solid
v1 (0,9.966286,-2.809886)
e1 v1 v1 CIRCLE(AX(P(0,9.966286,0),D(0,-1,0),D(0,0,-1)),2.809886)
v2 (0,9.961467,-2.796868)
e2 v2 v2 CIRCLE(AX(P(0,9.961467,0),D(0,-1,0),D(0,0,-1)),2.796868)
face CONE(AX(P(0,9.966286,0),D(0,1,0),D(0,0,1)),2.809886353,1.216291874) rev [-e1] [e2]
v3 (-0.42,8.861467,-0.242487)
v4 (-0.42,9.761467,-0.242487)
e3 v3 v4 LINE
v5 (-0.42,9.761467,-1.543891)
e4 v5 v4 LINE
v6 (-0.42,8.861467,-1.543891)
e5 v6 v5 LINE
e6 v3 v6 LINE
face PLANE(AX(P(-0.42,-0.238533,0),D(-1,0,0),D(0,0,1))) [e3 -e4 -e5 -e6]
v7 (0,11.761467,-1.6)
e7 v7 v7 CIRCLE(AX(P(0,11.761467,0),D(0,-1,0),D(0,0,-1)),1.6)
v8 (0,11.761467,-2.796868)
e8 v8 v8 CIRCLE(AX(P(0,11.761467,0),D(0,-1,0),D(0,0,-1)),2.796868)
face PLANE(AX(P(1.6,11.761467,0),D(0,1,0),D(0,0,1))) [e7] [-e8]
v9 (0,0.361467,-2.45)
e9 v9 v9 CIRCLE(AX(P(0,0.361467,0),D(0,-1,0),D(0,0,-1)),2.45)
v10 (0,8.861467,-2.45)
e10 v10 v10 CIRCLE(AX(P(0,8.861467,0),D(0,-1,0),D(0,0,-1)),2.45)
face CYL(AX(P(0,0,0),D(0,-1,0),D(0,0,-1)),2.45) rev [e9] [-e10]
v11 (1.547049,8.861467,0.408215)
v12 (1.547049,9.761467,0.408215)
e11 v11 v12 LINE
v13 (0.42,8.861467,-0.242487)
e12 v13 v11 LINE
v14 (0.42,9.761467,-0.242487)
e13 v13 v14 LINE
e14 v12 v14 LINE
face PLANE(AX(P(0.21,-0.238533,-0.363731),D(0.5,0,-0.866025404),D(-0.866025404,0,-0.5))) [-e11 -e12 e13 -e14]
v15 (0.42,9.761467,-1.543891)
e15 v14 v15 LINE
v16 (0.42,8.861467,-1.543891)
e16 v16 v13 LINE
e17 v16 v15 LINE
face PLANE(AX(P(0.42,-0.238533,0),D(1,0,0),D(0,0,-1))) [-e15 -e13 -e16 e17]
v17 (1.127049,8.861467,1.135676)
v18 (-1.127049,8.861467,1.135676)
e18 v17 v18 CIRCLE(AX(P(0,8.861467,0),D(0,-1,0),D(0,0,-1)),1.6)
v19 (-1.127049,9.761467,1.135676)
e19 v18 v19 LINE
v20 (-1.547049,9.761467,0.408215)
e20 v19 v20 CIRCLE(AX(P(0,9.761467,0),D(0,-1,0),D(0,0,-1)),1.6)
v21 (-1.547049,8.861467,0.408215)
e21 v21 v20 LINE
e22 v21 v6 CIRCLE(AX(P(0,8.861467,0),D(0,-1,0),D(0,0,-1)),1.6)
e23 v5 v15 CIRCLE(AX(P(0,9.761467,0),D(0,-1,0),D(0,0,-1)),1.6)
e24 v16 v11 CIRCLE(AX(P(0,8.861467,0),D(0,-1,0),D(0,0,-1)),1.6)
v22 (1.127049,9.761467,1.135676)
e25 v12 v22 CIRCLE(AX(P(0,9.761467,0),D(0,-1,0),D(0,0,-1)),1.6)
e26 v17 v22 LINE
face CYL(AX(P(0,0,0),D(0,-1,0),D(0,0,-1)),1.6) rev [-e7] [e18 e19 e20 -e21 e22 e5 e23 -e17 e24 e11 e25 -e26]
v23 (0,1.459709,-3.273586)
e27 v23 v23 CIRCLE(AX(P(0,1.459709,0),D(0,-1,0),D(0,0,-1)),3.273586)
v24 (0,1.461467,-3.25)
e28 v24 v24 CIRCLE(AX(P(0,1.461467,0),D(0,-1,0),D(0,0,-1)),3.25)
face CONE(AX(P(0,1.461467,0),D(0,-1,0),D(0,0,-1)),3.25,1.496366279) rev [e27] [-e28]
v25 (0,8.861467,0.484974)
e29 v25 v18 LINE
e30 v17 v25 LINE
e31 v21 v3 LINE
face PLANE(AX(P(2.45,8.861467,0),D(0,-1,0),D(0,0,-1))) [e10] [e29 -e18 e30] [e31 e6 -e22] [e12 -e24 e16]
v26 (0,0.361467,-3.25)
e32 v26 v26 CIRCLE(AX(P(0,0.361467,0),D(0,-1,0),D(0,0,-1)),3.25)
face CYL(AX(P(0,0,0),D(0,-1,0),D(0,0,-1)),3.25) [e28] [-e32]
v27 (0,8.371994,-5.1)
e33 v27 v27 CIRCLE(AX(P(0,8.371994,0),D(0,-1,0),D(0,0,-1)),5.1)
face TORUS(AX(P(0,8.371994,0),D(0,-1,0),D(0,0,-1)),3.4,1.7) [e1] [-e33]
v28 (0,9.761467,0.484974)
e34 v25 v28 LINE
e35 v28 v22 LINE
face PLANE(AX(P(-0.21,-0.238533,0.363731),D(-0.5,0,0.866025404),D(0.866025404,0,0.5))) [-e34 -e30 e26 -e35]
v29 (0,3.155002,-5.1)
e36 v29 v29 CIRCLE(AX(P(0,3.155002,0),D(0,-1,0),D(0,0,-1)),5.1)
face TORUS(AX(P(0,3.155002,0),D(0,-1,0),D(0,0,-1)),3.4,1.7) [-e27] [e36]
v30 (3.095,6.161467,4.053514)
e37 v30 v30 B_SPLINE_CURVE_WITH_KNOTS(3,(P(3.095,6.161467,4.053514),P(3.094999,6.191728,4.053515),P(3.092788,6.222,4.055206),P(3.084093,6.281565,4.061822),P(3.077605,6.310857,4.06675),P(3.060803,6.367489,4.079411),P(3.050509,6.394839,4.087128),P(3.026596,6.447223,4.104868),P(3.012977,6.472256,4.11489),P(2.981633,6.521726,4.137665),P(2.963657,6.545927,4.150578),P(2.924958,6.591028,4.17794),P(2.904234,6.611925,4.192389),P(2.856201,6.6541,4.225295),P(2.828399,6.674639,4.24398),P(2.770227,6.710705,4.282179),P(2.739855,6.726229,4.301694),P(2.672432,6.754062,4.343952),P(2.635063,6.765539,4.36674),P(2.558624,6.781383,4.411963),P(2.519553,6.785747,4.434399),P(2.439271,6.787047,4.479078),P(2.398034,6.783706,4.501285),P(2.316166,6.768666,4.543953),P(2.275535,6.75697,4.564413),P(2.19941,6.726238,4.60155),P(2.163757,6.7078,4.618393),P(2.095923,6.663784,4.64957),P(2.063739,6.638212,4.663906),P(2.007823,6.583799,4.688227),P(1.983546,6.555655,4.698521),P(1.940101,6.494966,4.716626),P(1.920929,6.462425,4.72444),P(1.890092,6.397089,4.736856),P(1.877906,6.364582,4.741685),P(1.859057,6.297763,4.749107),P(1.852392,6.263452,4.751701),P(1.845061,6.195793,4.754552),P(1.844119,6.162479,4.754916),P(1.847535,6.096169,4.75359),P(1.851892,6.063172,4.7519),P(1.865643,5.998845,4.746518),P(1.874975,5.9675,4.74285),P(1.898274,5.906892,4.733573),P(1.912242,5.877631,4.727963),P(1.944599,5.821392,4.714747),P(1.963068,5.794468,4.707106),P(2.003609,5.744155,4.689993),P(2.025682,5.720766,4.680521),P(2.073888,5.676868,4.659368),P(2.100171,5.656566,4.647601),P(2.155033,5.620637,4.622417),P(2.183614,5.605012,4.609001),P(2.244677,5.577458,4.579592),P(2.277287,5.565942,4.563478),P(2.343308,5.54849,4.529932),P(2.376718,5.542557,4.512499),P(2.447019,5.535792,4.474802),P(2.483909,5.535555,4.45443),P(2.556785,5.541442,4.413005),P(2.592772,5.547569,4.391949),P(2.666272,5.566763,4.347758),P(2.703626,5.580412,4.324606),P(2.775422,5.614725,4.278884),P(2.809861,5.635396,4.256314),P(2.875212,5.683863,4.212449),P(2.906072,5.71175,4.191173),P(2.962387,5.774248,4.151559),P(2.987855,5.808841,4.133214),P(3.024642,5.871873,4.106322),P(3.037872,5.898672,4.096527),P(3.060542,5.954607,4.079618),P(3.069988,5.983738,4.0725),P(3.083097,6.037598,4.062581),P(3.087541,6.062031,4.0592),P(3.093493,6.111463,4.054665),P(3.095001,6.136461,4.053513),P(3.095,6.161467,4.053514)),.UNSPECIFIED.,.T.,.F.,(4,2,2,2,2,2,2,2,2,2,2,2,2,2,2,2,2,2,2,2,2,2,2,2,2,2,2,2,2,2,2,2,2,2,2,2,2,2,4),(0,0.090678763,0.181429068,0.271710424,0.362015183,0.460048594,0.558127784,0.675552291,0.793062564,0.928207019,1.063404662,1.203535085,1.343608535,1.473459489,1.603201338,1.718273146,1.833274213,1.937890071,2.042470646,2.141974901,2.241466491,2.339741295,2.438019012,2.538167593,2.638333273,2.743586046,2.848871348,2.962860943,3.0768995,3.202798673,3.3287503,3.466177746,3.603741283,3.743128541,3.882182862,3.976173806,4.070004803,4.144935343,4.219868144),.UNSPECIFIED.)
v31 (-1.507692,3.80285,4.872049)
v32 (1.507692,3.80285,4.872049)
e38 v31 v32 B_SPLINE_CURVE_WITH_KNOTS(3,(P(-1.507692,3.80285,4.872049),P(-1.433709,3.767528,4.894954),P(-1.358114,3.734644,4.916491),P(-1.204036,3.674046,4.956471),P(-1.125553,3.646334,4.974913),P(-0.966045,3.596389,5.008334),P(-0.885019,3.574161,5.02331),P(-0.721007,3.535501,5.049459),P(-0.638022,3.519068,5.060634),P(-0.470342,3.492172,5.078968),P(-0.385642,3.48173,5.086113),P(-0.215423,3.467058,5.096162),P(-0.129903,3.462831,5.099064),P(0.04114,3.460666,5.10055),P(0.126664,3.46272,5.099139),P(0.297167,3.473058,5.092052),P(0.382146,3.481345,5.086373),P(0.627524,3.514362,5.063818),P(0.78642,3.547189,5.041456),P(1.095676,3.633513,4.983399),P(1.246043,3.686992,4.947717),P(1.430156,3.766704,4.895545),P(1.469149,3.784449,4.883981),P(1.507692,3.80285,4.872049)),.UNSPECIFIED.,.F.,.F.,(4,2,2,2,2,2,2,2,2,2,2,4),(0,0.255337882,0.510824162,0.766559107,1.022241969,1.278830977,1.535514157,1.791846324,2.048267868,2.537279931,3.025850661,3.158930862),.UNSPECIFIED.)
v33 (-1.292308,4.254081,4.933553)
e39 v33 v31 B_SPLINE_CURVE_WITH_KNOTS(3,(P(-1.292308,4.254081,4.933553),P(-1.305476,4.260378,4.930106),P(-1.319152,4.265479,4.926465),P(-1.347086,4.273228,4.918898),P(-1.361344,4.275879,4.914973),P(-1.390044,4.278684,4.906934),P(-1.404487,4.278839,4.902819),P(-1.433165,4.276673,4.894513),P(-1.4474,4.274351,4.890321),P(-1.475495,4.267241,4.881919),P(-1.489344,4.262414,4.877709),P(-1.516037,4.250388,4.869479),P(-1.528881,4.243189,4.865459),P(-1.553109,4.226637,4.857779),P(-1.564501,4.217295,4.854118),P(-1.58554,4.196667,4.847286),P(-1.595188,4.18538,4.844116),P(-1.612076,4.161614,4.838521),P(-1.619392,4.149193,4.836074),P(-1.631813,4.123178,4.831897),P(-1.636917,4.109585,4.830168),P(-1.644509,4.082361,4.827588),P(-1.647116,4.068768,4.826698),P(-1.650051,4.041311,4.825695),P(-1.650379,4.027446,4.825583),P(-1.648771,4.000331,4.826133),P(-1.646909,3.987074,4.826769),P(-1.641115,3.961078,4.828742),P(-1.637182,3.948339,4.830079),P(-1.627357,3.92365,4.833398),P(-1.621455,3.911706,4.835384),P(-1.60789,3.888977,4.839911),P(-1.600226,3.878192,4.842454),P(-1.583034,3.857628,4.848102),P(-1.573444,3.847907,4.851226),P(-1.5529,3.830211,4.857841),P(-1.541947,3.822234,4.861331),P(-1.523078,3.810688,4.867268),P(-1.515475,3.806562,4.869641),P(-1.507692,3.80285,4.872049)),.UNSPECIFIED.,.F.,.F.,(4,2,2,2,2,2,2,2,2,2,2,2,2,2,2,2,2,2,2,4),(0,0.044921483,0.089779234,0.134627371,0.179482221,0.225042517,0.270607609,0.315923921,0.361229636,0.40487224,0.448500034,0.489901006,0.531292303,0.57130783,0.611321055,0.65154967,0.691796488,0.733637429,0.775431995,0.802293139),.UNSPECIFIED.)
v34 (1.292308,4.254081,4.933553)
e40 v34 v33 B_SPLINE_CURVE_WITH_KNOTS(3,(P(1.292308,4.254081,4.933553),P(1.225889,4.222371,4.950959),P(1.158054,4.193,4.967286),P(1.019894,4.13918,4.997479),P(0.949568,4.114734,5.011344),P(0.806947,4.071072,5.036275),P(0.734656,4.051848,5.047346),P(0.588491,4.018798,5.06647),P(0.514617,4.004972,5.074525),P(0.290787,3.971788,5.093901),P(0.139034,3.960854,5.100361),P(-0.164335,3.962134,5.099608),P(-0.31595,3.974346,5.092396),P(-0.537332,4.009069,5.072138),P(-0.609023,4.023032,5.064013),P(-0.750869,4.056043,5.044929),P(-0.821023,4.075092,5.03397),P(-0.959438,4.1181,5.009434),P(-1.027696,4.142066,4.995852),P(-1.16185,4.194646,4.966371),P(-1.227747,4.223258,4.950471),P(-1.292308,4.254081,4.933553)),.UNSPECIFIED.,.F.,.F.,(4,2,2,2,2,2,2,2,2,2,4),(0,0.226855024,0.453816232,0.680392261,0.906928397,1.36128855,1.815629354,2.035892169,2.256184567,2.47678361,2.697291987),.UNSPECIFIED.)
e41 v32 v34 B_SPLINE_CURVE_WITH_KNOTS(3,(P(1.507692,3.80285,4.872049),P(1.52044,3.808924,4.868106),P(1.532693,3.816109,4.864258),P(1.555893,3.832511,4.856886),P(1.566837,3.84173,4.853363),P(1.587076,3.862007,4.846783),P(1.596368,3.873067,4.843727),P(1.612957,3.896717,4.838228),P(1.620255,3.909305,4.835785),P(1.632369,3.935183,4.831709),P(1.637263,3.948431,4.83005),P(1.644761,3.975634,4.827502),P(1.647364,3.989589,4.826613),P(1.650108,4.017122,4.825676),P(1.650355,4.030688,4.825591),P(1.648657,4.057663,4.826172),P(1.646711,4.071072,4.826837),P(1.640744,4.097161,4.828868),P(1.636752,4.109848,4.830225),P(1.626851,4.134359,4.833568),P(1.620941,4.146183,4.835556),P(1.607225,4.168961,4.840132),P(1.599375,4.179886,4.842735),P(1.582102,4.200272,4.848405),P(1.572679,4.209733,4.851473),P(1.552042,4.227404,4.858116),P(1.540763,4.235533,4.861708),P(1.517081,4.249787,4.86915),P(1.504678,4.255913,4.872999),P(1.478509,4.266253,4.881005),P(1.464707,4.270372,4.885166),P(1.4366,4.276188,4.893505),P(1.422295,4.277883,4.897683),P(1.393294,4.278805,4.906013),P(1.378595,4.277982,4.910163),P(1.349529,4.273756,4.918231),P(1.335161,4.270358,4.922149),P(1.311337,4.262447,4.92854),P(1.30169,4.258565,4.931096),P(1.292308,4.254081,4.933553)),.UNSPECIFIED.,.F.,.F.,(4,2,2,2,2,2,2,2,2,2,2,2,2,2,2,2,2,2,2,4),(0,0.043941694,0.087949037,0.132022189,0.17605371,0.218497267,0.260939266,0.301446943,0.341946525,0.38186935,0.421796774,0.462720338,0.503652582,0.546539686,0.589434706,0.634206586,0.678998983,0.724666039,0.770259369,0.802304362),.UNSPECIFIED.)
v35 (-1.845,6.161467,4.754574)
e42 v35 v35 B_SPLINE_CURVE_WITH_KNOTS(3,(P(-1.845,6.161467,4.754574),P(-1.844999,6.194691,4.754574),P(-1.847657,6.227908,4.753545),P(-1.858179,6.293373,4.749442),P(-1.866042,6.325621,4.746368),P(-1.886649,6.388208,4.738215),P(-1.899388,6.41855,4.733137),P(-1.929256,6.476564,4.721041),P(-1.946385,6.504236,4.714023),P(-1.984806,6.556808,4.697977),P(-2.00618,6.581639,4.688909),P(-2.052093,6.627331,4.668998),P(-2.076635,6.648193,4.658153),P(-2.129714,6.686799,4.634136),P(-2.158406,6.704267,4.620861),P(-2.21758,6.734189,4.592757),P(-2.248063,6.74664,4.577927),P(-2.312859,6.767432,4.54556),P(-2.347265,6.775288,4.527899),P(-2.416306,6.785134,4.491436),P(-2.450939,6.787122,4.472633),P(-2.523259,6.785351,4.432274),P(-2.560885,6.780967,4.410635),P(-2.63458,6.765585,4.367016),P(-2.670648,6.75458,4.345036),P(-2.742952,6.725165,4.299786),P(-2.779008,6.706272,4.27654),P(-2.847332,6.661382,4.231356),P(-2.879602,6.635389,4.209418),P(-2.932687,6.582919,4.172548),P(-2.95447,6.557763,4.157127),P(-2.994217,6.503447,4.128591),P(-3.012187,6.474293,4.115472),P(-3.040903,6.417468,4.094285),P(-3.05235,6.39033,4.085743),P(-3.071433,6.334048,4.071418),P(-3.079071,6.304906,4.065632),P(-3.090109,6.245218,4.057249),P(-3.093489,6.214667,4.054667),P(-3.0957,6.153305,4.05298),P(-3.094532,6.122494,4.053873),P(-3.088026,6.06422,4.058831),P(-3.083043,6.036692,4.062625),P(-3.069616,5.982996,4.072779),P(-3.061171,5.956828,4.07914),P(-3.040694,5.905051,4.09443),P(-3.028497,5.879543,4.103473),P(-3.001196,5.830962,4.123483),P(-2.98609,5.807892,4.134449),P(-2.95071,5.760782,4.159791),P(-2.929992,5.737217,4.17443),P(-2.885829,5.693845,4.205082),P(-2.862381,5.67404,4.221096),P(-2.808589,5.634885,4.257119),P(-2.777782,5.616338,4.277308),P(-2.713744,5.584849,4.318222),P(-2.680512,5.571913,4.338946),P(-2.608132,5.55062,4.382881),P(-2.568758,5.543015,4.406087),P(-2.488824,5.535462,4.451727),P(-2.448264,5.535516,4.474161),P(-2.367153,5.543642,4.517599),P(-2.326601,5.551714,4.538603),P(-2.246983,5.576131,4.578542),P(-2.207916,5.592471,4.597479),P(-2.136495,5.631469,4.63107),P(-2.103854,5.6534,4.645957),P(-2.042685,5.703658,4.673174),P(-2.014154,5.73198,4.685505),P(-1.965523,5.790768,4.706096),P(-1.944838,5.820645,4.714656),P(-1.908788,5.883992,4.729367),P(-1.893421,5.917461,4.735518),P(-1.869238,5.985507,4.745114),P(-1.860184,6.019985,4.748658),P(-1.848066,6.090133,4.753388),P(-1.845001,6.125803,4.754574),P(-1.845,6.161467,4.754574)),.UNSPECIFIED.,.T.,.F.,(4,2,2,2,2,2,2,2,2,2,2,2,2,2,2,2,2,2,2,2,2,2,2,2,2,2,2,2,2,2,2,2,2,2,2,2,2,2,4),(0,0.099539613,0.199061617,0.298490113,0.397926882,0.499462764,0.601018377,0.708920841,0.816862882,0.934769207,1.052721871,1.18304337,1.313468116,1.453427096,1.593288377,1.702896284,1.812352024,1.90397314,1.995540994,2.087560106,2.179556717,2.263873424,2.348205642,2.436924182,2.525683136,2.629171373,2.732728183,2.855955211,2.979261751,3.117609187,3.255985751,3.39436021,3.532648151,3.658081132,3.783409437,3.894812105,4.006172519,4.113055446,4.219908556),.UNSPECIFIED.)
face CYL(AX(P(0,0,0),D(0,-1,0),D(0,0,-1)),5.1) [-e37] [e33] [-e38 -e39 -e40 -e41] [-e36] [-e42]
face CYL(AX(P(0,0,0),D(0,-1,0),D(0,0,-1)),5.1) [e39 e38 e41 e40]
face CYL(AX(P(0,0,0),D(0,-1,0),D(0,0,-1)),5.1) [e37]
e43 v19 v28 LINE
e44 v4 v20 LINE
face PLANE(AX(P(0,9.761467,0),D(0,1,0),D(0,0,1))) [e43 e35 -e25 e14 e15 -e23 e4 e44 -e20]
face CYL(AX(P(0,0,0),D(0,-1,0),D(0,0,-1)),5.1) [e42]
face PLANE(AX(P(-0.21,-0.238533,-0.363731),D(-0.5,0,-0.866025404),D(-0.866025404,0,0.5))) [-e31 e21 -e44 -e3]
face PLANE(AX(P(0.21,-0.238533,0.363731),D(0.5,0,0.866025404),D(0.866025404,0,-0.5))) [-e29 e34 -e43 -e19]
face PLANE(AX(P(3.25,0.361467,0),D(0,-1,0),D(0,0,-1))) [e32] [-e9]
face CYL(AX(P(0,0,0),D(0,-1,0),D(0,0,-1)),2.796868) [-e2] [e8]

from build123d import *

# Parameters (mm, degrees)
CUT_EXTRUDE1_DEPTH = 10
CIRPATTERN1_COUNT  = 3


with BuildPart() as part:
    # Sketch1 → Head Revolve (revolve)
    with BuildSketch(Plane.XY, mode=Mode.PRIVATE) as head_revolve_sk:
        with BuildLine():
            Line((0, 8.861467442), (0, 9.761467442))
            Line((0, 9.761467442), (1.6, 9.761467442))
            Line((1.6, 9.761467442), (1.6, 11.761467442))
            Line((1.6, 11.761467442), (2.796868049, 11.761467442))
            Line((2.796868049, 11.761467442), (2.796868049, 9.961467442))
            Line((2.796868049, 9.961467442), (2.809886353, 9.966286057))
            ThreePointArc((2.809886353, 9.966286057), (4.371289555, 9.767199261), (5.1, 8.371994401))
            Line((5.1, 8.371994401), (5.1, 3.155002023))
            ThreePointArc((5.1, 3.155002023), (4.556524041, 1.909027648), (3.273585714, 1.459708707))
            Line((3.273585714, 1.459708707), (3.25, 1.461467442))
            Line((3.25, 1.461467442), (3.25, 0.361467442))
            Line((3.25, 0.361467442), (2.45, 0.361467442))
            Line((2.45, 0.361467442), (2.45, 8.861467442))
            Line((2.45, 8.861467442), (0, 8.861467442))
        make_face()
    revolve(head_revolve_sk.sketch.rotate(Axis((0, 0, 0), (0, 1, 0)), 90), axis=Axis((0, 0, 0), (0, 1, 0)))

    # Sketch2 → Cut-Extrude1 (cut)
    with BuildSketch(Plane(origin=(0, 9.761467442, 0), x_dir=(1, 0, 0), z_dir=(0, 1, 0))):
        with BuildLine():
            Line((-0.42, 1.543891188), (-0.42, 0.242487113))
            Line((-0.42, 0.242487113), (-1.547048989, -0.408214924))
            ThreePointArc((-1.547048989, -0.408214924), (-1.385640646, 0.8), (-0.42, 1.543891188))
        make_face()
    cut_extrude1 = extrude(amount=-CUT_EXTRUDE1_DEPTH, mode=Mode.SUBTRACT)

    # CirPattern1: Cut-Extrude1 ×3 about axis
    cirpattern1_axis = Axis((0, 0, 0), (0, 1, 0))
    for i in range(1, CIRPATTERN1_COUNT):
        add(cut_extrude1.rotate(cirpattern1_axis, i * 360 / CIRPATTERN1_COUNT), mode=Mode.SUBTRACT)


solid = part.part
